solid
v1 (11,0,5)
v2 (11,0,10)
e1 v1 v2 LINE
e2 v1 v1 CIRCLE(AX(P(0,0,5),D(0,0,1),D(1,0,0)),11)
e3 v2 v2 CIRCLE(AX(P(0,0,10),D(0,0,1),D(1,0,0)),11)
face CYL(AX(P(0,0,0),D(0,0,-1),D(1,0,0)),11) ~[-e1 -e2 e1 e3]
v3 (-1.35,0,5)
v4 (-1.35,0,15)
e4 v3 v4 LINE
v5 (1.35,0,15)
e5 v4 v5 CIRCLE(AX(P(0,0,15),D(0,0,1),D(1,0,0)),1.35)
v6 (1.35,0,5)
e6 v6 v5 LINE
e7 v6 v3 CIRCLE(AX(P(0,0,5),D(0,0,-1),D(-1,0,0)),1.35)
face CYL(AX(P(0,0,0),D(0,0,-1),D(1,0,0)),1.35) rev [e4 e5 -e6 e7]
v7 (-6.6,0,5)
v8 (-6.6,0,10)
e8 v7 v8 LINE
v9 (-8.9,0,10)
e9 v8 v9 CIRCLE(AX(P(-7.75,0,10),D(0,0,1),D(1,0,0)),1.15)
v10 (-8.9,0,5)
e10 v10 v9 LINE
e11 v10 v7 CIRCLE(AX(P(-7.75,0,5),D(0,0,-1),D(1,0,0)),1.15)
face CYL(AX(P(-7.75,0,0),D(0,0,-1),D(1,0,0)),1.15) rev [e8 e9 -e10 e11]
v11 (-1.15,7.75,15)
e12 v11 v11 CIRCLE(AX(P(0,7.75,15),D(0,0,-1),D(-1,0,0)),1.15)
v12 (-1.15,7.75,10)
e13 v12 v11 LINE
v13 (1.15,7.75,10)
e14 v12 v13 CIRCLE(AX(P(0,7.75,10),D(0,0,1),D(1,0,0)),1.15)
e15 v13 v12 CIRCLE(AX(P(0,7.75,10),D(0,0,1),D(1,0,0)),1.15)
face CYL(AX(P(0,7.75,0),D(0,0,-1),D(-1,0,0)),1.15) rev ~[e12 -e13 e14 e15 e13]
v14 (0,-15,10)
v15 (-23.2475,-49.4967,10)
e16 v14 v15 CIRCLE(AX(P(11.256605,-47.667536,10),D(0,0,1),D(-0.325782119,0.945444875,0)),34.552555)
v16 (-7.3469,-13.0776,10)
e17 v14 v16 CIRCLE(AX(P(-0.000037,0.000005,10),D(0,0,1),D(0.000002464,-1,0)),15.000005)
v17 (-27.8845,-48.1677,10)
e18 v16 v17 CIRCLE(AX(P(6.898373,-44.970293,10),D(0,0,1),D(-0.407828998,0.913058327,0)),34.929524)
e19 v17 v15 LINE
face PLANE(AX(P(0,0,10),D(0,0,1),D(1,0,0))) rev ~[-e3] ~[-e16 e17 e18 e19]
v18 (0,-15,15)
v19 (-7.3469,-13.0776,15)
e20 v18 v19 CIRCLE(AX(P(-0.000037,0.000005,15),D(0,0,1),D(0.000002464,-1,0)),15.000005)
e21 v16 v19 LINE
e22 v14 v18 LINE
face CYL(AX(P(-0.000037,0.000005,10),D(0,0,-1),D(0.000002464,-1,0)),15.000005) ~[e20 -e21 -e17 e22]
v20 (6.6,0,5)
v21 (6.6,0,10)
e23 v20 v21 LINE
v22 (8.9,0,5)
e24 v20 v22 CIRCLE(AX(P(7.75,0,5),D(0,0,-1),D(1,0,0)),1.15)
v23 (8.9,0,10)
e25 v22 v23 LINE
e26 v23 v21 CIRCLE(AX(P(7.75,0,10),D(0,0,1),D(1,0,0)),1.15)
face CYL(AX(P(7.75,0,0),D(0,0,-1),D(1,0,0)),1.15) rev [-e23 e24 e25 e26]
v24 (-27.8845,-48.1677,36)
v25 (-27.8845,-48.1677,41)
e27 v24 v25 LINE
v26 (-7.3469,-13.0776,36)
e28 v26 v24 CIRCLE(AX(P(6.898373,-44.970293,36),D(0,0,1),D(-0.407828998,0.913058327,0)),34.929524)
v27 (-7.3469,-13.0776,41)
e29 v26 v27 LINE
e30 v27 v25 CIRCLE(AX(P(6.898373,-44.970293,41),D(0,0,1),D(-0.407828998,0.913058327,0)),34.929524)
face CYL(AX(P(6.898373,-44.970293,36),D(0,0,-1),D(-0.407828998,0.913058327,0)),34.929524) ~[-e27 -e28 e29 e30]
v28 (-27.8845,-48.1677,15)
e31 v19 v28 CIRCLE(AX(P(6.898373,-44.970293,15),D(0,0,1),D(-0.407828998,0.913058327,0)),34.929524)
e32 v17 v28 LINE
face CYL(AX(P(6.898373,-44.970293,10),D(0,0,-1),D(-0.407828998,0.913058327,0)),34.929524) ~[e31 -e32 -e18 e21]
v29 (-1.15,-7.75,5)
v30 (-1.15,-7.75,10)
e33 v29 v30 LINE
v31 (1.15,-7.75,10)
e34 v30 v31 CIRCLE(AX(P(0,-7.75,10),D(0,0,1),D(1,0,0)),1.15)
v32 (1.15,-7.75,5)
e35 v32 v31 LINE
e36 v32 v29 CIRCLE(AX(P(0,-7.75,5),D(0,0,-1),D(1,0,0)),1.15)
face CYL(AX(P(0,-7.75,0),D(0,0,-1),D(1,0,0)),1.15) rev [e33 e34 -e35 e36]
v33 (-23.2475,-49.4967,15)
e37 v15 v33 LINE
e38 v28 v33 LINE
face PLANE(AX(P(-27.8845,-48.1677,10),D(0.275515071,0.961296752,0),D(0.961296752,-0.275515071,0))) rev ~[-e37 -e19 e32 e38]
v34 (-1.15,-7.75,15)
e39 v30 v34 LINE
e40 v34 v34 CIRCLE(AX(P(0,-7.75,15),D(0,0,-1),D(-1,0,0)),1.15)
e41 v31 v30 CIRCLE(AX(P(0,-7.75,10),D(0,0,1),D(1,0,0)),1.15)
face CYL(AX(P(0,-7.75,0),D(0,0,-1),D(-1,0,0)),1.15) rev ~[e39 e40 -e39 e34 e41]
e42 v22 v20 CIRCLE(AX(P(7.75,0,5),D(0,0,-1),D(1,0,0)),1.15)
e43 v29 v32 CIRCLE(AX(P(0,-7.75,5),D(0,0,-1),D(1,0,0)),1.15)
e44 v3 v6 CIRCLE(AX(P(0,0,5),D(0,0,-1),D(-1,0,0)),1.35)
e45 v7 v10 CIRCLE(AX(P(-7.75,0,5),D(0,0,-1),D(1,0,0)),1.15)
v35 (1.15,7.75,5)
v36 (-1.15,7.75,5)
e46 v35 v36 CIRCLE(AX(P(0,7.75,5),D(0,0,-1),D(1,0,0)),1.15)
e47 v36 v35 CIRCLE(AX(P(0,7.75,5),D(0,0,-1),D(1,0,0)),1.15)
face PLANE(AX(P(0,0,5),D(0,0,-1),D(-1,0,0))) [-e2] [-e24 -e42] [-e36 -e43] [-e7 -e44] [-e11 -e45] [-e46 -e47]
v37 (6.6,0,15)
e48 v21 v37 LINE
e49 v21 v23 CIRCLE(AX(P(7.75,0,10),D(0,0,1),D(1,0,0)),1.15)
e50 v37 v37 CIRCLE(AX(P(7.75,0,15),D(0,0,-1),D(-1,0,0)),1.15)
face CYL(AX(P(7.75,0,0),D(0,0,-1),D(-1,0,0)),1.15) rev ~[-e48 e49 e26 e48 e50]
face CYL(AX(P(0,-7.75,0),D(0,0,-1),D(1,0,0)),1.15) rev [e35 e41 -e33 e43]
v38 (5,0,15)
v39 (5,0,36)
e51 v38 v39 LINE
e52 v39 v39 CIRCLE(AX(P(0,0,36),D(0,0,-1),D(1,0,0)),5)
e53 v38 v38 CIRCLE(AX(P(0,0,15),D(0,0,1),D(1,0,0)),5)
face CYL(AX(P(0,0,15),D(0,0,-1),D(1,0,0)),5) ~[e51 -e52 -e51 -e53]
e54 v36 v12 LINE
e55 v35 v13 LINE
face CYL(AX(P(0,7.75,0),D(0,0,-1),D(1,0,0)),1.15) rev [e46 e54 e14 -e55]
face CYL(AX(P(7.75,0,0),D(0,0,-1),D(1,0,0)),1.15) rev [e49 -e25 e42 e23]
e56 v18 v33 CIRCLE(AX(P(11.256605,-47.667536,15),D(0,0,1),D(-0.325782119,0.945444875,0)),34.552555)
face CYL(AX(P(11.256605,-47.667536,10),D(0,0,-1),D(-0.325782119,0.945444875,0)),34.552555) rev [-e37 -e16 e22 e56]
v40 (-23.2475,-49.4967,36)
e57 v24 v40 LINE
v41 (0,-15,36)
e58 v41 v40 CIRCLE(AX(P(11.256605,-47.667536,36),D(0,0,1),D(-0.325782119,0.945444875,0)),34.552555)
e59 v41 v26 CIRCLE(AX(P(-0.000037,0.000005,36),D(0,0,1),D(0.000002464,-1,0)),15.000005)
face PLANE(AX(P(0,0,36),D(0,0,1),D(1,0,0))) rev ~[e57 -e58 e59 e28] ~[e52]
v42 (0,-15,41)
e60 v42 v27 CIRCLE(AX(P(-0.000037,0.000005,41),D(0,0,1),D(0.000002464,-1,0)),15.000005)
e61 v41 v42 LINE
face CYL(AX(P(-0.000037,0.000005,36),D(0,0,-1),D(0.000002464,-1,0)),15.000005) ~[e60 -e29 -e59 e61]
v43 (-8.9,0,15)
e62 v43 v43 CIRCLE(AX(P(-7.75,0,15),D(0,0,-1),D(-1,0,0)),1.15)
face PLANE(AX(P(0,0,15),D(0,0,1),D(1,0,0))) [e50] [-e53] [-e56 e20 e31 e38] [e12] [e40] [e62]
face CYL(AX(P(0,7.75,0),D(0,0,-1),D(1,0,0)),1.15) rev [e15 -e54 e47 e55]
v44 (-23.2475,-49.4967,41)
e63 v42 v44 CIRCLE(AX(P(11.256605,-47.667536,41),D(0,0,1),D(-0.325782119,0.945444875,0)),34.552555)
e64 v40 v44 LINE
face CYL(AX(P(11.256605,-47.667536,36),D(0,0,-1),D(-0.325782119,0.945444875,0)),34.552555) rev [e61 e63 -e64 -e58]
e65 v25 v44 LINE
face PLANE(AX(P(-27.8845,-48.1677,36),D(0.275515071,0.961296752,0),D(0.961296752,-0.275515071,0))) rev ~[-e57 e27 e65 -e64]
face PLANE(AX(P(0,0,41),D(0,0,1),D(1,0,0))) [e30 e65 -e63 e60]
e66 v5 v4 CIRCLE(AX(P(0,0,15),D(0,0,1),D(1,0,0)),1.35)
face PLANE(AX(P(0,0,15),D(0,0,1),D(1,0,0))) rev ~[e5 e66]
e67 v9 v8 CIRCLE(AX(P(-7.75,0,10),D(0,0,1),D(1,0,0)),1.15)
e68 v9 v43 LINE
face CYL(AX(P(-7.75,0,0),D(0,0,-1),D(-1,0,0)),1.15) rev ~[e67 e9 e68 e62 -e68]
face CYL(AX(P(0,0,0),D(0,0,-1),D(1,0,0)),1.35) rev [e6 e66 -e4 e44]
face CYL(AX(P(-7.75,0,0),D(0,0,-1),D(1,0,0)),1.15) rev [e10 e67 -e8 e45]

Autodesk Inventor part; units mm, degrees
ref_plane "YZ Plane" through (0, 0, 0) normal (1, 0, 0) x (0, 1, 0)
ref_plane "XZ Plane" through (0, 0, 0) normal (0, 1, 0) x (-1, 0, 0)
ref_plane "XY Plane" through (0, 0, 0) normal (0, 0, 1) x (1, 0, 0)
sketch "Esquisse1" plane through (0, 0, 0) normal (0, 0, 1) x (1, 0, 0)
  circle A0 centre (0, 0) radius 1.35
  circle A1 centre (0, -7.75) radius 1.15
  circle A2 centre (7.75, 0) radius 1.15
  circle A3 centre (0, 7.75) radius 1.15
  circle A4 centre (-7.75, 0) radius 1.15
  circle A5 centre (0, 0) radius 11
extrude "Extrusion1" add sketch "Esquisse1" along normal blind 10
sketch "Esquisse3" plane through (0, 0, 10) normal (0, 0, 1) x (1, 0, 0)
  circle A0 centre (0, 0) radius 1.35 projected
  arc A1 (0, -15) -> (-7.3469, -13.0776) centre (0, 0) ccw
  arc A2 (-7.3469, -13.0776) -> (-27.8845, -48.1677) centre (6.8982, -44.9701) ccw
  arc A3 (0, -15) -> (-23.2475, -49.4967) centre (11.2565, -47.6674) ccw
  line L0 (-27.8845, -48.1677) -> (-23.2475, -49.4967)
  dimension "d28" = 30
extrude "Extrusion3" add sketch "Esquisse3" along normal blind 5
sketch "Esquisse4" plane through (0, 0, 0) normal (0, 0, -1) x (-1, 0, 0)
  circle A0 centre (0, 0) radius 1.35 projected
  circle A1 centre (7.75, 0) radius 1.15 projected
  circle A2 centre (0, 7.75) radius 1.15 projected
  circle A3 centre (-7.75, 0) radius 1.15 projected
  circle A4 centre (0, -7.75) radius 1.15 projected
  circle A5 centre (0, 0) radius 11 projected
extrude "Extrusion4" cut sketch "Esquisse4" against normal blind 46.25 contours A0 | A1 | A2 | A3 | A4
sketch "Esquisse5" plane through (0, 0, 15) normal (0, 0, 1) x (1, 0, 0)
  circle A0 centre (0, 0) radius 5
  dimension "d33" = 10
extrude "Extrusion5" add sketch "Esquisse5" along normal blind 26
pattern_linear "Réseau rectangulaire1" count 2 spacing 26 along (0, 0, 1) of "Extrusion3"
sketch "Esquisse6" plane through (0, 0, 0) normal (0, 0, -1) x (-1, 0, 0)
  circle A0 centre (0, 0) radius 1.35 projected
  circle A1 centre (0, 0) radius 11
extrude "Extrusion6" cut sketch "Esquisse6" against normal blind 5
properties part number "carroussel"
